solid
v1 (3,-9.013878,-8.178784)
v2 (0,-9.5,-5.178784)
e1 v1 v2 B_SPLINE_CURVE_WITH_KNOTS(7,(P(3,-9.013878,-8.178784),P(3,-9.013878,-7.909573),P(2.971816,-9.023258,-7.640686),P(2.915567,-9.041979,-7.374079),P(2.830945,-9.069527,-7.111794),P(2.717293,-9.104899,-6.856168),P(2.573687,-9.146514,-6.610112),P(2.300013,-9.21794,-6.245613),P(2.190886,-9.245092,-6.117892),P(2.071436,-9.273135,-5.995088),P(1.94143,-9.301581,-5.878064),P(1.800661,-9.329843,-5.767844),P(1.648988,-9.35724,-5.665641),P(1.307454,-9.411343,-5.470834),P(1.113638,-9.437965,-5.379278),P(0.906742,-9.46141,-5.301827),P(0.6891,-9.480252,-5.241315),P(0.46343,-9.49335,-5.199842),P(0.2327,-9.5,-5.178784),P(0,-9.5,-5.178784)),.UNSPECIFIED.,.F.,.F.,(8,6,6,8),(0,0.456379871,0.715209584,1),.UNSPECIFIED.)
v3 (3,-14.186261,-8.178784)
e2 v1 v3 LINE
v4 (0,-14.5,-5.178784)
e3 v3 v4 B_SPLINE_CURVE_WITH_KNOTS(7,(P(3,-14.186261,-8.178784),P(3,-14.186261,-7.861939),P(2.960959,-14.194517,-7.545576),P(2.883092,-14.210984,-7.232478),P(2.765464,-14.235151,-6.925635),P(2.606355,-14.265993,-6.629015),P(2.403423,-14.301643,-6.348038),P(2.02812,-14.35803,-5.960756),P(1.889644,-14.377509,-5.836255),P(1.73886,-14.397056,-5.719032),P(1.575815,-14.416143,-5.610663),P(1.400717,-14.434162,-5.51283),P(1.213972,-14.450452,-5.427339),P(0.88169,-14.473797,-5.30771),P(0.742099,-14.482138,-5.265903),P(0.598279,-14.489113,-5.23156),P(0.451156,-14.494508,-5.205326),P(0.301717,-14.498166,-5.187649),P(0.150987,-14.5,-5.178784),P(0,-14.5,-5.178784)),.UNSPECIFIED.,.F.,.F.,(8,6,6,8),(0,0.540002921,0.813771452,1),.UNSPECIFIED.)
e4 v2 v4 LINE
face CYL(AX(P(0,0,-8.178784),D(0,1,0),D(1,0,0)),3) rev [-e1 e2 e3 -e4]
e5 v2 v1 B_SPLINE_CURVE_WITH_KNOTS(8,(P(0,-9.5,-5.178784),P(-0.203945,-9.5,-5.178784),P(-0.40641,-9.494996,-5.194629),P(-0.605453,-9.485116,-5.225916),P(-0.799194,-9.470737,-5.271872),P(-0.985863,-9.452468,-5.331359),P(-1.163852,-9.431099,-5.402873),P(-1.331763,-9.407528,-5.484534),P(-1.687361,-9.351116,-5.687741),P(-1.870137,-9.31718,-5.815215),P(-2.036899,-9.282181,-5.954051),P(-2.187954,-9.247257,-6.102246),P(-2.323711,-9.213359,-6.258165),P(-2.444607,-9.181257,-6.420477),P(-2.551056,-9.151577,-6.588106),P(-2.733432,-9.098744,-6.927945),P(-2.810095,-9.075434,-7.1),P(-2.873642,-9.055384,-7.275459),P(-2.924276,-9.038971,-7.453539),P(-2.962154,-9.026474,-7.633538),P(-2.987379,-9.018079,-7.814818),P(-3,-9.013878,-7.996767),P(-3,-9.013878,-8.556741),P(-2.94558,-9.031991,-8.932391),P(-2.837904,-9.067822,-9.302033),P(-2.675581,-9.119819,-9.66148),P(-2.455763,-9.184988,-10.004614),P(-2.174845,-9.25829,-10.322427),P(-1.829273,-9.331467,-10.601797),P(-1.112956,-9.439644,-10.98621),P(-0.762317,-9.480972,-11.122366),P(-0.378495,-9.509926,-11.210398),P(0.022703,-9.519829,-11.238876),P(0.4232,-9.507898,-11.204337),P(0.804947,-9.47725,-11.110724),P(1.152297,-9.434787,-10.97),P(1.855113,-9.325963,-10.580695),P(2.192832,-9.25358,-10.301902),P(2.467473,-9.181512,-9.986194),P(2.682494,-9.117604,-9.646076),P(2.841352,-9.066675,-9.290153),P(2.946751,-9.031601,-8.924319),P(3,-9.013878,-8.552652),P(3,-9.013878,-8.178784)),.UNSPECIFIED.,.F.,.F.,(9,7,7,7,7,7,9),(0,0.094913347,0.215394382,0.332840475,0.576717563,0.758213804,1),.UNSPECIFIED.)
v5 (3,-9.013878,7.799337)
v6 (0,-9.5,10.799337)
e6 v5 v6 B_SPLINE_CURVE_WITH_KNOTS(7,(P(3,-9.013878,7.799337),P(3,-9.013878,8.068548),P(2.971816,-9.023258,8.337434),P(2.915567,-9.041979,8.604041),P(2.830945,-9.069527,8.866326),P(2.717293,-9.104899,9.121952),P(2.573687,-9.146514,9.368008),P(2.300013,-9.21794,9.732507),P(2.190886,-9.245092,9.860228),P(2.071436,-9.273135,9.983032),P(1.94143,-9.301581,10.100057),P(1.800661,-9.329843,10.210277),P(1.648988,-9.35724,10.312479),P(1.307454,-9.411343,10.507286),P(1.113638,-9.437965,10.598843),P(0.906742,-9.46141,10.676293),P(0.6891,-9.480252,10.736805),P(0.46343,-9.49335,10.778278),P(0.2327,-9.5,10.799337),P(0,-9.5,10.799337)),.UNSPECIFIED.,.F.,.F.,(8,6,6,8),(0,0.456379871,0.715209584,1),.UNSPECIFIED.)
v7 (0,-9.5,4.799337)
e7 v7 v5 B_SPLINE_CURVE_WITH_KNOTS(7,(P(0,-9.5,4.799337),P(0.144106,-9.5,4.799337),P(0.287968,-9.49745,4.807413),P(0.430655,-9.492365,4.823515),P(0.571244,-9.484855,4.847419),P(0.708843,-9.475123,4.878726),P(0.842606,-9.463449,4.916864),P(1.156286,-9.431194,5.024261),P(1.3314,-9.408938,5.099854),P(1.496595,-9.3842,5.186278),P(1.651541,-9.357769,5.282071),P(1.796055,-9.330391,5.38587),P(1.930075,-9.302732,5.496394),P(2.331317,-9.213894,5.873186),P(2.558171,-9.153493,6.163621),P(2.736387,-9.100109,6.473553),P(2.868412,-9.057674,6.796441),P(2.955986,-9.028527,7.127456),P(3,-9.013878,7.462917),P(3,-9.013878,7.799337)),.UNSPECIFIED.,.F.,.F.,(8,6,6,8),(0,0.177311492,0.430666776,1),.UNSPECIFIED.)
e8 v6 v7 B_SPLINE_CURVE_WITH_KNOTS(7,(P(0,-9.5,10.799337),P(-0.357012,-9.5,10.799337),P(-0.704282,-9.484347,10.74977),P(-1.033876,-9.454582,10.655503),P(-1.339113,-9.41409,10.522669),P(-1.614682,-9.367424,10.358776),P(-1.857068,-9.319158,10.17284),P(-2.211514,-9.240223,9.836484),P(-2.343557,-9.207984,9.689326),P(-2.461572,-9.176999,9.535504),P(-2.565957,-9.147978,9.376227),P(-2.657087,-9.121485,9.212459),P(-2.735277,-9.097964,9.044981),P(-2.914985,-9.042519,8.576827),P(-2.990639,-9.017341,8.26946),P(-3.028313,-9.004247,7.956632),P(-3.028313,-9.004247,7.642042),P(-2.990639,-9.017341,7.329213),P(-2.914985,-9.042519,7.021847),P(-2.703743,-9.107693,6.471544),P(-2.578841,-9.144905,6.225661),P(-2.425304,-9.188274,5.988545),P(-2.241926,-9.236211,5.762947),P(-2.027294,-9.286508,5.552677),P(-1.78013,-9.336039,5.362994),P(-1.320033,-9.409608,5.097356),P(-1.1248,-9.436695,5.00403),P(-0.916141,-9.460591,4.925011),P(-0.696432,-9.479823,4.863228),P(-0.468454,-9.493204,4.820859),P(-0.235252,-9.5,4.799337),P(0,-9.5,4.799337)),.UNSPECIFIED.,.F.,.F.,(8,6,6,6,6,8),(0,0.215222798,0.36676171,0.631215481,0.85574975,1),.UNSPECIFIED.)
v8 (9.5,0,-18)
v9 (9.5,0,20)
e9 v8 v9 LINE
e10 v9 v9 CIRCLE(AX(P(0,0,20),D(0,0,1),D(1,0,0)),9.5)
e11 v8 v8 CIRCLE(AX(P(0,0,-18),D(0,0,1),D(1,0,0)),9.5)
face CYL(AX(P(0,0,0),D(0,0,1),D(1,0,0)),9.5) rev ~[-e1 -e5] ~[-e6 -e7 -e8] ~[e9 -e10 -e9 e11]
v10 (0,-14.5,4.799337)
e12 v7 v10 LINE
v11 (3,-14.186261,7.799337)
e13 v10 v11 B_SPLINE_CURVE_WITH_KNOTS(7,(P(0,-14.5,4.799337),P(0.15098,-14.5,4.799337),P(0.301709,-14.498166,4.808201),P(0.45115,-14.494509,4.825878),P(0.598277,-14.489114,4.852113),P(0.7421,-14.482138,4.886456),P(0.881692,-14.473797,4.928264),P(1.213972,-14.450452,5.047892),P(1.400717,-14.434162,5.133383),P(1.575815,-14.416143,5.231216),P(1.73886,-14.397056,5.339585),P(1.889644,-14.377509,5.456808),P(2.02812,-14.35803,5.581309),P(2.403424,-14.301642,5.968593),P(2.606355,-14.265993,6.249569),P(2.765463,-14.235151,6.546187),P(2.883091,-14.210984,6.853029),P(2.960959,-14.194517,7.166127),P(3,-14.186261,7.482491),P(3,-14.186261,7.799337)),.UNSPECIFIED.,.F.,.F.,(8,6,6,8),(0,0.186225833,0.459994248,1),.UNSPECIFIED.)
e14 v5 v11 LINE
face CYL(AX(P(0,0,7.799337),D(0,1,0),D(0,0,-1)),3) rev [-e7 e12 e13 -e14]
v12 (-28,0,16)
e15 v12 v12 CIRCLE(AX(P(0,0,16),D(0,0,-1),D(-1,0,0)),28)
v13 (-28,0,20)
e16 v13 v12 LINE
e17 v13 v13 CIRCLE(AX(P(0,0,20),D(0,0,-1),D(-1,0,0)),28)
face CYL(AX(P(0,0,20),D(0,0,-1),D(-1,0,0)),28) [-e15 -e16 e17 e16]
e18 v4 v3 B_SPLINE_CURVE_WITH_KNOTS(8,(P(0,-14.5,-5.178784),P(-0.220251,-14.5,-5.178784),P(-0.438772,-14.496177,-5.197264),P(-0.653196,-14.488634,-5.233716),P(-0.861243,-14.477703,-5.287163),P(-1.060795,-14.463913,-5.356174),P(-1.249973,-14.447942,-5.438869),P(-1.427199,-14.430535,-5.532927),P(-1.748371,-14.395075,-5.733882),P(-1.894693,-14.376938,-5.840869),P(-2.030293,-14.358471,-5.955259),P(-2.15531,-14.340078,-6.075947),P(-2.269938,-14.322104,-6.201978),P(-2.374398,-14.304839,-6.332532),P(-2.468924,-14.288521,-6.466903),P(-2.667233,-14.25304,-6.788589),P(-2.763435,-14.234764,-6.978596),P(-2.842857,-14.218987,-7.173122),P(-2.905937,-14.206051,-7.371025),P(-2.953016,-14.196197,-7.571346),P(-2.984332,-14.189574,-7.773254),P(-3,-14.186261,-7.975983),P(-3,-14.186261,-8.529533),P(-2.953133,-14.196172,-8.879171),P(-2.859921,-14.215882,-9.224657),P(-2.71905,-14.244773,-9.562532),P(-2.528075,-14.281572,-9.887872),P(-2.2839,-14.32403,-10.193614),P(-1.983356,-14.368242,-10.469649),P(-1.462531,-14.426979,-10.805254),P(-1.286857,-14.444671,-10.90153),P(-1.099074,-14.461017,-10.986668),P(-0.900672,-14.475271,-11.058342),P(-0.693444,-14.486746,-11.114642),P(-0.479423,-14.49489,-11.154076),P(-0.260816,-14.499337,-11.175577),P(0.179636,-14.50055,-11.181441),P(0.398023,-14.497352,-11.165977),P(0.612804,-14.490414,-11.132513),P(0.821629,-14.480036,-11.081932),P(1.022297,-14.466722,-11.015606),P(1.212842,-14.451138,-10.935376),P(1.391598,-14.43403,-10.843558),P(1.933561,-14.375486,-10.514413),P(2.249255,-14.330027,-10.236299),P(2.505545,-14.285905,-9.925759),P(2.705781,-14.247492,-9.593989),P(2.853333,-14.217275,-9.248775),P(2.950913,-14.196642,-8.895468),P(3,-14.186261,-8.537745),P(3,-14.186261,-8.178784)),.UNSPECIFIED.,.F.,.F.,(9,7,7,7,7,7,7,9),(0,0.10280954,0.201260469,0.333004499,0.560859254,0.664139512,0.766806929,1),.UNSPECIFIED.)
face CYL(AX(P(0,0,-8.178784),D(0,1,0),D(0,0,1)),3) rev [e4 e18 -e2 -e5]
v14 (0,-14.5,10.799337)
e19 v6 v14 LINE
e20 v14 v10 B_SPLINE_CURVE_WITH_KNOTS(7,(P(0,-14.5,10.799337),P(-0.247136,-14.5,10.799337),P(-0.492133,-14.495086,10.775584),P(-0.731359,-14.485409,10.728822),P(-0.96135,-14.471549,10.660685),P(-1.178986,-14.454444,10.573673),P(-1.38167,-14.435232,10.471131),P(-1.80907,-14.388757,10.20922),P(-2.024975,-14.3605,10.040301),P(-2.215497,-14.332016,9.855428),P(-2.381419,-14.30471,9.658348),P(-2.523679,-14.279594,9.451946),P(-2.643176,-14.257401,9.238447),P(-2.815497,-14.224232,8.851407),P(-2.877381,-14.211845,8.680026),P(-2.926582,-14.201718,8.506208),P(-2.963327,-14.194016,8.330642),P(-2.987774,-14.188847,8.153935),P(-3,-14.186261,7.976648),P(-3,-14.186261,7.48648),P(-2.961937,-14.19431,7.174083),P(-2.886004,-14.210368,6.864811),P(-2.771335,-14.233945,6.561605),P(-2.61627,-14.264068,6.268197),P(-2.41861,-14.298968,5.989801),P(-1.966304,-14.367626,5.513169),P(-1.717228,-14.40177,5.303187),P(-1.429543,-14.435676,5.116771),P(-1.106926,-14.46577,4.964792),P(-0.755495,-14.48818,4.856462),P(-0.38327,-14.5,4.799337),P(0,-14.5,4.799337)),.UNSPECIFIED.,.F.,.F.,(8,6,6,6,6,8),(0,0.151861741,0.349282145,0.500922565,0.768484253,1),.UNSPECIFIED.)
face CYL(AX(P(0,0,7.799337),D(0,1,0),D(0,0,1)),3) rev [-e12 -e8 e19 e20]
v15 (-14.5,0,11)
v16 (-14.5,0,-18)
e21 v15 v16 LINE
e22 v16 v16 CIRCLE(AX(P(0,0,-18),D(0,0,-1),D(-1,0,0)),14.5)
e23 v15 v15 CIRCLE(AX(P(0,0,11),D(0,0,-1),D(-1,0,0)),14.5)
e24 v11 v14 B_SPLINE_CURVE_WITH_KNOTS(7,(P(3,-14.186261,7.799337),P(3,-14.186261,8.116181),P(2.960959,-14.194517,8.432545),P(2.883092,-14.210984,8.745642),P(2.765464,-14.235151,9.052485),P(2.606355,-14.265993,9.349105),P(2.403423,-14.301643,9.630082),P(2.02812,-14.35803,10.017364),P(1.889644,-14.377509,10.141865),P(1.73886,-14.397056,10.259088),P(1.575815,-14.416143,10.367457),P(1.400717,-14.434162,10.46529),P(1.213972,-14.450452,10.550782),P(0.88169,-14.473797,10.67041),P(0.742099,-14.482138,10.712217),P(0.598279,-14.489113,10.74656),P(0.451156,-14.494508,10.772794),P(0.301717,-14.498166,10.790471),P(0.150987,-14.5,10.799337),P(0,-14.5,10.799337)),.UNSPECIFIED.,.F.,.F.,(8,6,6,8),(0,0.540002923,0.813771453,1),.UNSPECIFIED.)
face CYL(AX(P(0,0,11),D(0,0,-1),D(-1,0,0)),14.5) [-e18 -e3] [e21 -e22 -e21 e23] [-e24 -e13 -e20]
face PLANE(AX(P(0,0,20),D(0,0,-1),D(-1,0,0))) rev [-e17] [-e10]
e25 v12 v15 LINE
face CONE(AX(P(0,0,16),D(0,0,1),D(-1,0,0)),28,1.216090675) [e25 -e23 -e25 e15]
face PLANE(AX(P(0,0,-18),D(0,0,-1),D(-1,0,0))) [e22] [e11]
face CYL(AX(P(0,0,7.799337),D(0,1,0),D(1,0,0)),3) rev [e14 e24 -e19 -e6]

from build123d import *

# Parameters (mm, degrees)
F2_R     = 9.5
F3_DEPTH = 50
F5_DEPTH = 30


with BuildPart() as f1:
    # F0 (on Front) → F1 (revolve)
    with BuildSketch(Plane.XZ):
        Polygon((-28, 16), (-14.5, 11), (-14.5, -18), (0, -18), (0, 20), (-28, 20), align=None)
    revolve(axis=Axis((0, 0, 1), (0, 0, -1)))

    # F2 (on Top) → F3 (cut, symmetric)
    with BuildSketch(Plane.XY):
        Circle(F2_R)
    extrude(amount=F3_DEPTH, both=True, mode=Mode.SUBTRACT)

    # F4 (on Front) → F5 (cut)
    with BuildSketch(Plane.XZ):
        with BuildLine():
            ThreePointArc((3, 7.7993366867), (2.1213203436, 9.9206570303), (0, 10.7993366867))
            Line((0, 10.7993366867), (0, 4.7993366867))
            ThreePointArc((0, 4.7993366867), (2.1213203436, 5.6780163432), (3, 7.7993366867))
        make_face()
        with BuildLine():
            ThreePointArc((3, -8.1787835807), (2.1213203436, -6.0574632371), (0, -5.1787835807))
            ThreePointArc((0, -5.1787835807), (-2.1213203436, -10.3001039242), (3, -8.1787835807))
        make_face()
        with BuildLine():
            Line((0, 4.7993366867), (0, 10.7993366867))
            ThreePointArc((0, 10.7993366867), (-3, 7.7993366867), (0, 4.7993366867))
        make_face()
    extrude(amount=F5_DEPTH, mode=Mode.SUBTRACT)


solid = f1.part
